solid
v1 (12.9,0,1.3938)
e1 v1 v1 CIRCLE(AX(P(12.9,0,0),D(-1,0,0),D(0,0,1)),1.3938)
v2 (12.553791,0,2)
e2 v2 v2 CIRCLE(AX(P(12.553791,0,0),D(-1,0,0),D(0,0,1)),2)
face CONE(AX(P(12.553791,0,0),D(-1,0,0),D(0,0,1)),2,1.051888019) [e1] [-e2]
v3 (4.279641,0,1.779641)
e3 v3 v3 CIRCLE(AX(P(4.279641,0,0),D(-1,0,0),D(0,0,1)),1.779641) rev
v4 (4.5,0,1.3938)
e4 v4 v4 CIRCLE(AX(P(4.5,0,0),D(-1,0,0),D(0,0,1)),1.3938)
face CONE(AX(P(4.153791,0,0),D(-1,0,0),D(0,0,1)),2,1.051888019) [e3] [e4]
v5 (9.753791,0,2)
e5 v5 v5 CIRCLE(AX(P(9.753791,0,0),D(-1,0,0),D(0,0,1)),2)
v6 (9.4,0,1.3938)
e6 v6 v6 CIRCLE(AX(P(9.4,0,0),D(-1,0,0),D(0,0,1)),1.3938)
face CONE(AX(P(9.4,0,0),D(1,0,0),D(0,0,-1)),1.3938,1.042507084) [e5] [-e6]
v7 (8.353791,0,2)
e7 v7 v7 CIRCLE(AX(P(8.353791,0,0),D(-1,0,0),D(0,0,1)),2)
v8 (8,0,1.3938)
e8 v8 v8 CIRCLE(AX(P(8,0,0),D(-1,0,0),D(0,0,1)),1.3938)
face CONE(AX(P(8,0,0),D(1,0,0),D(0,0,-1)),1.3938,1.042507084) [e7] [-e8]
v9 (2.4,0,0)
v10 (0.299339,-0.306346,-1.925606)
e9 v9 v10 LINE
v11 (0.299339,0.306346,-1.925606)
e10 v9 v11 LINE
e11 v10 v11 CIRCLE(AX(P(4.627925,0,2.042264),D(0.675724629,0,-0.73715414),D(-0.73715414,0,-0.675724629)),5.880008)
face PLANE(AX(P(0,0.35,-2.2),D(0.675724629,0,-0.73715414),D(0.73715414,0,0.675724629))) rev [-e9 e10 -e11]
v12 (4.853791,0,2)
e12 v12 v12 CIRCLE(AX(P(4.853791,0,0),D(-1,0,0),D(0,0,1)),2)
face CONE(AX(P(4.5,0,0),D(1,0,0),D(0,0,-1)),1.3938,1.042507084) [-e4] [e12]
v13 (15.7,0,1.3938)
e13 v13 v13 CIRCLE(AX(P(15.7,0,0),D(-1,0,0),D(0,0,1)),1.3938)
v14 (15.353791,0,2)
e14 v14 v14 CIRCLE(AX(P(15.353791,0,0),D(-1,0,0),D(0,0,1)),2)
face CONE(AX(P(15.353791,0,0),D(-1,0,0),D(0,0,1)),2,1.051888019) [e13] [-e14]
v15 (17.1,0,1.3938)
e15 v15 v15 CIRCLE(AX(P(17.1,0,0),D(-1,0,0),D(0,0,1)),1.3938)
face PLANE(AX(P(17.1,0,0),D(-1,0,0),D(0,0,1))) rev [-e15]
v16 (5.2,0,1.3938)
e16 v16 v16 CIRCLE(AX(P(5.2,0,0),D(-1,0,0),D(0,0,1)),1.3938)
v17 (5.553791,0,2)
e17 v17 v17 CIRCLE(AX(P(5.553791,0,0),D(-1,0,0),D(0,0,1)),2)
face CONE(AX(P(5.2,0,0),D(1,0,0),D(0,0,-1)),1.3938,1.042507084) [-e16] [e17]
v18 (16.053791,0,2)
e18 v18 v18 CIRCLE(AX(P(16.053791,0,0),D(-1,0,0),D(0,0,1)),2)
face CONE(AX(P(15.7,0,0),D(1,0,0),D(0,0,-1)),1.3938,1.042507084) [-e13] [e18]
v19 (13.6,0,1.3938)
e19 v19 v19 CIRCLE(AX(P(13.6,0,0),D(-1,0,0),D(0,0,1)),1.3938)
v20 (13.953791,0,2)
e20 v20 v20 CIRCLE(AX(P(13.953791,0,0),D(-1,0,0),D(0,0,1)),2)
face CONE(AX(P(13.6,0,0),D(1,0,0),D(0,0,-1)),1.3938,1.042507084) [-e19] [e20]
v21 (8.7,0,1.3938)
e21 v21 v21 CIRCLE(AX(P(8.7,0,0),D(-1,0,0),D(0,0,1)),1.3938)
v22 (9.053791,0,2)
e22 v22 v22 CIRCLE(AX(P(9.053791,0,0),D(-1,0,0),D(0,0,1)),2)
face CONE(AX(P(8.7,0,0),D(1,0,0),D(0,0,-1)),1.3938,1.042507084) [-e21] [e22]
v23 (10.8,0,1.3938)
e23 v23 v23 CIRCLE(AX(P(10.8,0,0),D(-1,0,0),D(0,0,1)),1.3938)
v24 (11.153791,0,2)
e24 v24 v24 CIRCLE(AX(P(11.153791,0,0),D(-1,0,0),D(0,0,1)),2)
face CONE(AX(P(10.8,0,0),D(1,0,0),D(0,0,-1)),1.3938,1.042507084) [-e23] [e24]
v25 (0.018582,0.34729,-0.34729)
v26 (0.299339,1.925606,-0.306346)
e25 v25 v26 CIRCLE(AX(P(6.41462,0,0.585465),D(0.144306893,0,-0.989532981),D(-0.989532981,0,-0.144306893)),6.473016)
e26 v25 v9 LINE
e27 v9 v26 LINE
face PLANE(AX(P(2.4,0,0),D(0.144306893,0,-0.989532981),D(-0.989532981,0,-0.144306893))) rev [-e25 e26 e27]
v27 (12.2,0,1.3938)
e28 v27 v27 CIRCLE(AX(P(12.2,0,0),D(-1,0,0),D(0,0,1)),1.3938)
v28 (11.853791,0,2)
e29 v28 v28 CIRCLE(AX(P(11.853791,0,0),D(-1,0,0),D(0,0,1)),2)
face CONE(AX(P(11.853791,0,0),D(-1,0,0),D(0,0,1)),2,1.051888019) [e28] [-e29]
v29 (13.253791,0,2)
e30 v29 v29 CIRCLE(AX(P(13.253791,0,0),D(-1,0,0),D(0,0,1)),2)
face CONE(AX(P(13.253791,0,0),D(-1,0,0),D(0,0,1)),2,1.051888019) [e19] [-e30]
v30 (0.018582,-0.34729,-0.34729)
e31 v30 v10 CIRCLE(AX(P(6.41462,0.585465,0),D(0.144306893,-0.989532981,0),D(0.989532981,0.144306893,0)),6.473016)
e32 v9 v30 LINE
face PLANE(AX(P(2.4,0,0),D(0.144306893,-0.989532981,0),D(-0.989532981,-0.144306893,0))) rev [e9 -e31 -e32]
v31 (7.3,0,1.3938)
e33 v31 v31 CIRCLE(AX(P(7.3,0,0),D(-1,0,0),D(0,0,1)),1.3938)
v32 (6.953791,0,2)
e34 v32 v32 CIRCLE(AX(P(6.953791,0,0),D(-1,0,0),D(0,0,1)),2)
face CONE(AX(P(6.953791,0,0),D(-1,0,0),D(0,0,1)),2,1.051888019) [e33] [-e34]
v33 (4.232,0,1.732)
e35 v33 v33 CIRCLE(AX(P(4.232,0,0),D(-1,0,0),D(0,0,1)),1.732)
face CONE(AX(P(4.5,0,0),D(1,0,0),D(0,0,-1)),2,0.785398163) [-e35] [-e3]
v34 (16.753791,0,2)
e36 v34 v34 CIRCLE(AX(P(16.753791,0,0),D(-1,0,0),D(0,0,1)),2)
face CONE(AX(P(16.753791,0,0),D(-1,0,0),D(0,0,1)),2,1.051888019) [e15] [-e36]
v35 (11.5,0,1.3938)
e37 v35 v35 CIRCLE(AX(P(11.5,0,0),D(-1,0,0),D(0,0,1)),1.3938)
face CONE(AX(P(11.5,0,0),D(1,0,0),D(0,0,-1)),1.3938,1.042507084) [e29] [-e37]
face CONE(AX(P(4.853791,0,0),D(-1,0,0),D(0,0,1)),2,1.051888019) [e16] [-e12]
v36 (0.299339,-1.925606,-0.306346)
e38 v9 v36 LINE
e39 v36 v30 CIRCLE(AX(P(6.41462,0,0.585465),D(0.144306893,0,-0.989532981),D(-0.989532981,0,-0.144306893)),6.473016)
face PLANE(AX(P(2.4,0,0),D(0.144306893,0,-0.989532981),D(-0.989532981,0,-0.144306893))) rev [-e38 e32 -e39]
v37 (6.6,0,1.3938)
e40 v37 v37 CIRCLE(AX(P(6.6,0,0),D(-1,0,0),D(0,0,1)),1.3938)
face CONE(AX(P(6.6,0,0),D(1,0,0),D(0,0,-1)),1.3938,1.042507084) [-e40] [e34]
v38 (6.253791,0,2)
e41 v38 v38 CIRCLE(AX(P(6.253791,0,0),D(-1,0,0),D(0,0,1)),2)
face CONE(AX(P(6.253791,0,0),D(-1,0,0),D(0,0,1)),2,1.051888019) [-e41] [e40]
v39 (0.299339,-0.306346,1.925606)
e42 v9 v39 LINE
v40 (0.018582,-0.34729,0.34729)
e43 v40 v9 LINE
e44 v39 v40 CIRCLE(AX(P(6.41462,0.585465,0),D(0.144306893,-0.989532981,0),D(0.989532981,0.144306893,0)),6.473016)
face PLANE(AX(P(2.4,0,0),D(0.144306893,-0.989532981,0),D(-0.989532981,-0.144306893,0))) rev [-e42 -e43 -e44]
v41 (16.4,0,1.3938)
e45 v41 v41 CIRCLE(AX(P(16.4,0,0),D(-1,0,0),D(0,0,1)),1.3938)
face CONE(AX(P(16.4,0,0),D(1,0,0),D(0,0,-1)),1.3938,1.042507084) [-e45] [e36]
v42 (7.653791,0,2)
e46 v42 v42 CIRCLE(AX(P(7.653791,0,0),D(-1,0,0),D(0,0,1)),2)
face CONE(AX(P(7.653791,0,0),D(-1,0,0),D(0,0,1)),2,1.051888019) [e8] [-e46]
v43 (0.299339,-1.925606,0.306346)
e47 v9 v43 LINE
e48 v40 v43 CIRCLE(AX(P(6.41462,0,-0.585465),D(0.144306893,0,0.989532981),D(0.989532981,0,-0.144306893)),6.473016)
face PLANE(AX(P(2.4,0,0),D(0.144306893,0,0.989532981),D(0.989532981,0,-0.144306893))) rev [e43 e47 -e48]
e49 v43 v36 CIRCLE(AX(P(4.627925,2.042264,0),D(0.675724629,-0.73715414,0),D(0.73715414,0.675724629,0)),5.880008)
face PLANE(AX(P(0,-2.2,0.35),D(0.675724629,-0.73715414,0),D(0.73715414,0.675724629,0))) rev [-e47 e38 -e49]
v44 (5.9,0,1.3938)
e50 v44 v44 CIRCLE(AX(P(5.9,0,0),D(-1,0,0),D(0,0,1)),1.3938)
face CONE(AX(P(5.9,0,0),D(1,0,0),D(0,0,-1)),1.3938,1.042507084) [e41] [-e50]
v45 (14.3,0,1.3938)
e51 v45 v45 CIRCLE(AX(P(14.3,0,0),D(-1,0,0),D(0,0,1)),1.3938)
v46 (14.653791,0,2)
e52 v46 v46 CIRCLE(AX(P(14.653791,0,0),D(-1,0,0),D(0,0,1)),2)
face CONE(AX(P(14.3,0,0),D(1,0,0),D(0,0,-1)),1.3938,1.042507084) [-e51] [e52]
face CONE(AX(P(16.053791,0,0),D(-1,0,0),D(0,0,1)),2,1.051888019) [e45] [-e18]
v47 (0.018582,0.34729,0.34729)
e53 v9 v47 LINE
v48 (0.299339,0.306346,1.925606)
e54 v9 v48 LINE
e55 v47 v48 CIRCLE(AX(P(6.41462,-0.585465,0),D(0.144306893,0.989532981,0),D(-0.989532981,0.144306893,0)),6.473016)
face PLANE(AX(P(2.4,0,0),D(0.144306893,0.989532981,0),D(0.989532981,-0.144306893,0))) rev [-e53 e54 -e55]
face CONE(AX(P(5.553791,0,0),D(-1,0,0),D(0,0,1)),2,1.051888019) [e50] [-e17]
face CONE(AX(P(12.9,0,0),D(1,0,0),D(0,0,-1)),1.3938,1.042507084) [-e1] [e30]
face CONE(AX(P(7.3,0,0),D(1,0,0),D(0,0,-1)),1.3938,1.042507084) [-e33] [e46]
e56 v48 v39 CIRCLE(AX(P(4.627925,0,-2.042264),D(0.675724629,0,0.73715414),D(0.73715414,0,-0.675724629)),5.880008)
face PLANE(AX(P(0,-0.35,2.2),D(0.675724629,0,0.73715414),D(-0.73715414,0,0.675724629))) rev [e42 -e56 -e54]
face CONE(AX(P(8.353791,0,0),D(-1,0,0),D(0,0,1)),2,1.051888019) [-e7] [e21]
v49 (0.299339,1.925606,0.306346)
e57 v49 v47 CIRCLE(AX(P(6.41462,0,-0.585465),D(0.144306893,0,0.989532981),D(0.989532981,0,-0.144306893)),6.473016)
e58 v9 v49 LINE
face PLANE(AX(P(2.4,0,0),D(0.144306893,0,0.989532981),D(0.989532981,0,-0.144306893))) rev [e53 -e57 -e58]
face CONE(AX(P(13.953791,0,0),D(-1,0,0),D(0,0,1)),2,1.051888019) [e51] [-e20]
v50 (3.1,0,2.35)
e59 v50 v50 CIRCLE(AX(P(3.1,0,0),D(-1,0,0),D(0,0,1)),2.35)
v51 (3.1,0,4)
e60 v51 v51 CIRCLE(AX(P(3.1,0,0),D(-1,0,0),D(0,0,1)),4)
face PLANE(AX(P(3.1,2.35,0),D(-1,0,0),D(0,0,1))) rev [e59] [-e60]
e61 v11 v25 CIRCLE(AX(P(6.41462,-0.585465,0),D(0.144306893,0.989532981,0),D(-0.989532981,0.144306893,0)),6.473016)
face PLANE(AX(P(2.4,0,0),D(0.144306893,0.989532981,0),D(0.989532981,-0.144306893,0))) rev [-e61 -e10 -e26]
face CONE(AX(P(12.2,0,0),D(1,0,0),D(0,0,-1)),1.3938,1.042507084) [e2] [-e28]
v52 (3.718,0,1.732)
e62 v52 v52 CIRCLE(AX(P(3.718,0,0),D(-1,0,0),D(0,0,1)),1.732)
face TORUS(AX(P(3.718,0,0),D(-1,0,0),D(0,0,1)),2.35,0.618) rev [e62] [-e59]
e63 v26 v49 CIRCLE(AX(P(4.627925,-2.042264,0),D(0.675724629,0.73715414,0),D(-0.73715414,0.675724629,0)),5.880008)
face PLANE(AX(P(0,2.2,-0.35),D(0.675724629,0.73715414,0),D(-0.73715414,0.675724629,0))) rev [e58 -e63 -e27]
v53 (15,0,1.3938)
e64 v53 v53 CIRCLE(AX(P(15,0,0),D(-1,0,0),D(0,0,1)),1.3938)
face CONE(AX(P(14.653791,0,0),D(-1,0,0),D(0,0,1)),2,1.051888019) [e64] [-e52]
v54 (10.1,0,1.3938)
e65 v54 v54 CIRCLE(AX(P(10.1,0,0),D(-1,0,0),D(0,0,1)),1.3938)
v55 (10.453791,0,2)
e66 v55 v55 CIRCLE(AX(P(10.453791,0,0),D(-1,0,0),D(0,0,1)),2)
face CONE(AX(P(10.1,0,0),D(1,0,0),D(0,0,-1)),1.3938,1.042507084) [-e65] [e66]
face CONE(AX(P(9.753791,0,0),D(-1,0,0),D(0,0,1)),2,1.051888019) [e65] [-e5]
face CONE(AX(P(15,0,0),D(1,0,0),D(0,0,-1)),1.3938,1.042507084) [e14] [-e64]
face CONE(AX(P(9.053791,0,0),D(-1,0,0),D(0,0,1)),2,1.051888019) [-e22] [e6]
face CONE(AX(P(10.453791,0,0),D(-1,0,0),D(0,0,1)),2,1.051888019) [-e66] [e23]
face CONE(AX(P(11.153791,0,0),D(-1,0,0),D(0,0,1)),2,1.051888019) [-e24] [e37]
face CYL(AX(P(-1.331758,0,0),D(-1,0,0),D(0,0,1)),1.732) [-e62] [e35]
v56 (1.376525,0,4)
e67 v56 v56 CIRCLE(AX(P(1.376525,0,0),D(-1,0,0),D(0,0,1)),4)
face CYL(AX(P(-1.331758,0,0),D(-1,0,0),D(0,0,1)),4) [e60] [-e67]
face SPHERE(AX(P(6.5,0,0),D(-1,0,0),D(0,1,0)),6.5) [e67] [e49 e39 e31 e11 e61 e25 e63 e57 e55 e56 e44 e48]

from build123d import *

# Parameters (mm, degrees)
PATTERN_LINEAR_1_COUNT = 19
PATTERN_LINEAR_1_PITCH = 0.7


with BuildPart() as part:
    # 草图2 → Revolve 709 (revolve)
    with BuildSketch(Plane.XY, mode=Mode.PRIVATE) as revolve_709_sk:
        with BuildLine():
            Line((0, 0), (17.1, 0))
            Line((17.1, 0), (17.1, 2))
            Line((17.1, 2), (4.5, 2))
            Line((4.5, 2), (4.232, 1.732))
            Line((4.232, 1.732), (3.718, 1.732))
            ThreePointArc((3.718, 1.732), (3.281008009, 1.913008009), (3.1, 2.35))
            Line((3.1, 2.35), (3.1, 4))
            Line((3.1, 4), (1.376524617, 4))
            ThreePointArc((1.376524617, 4), (0.353757652, 2.115113473), (0, 0))
        make_face()
    revolve(revolve_709_sk.sketch.rotate(Axis((-1.331757704, 0, 0), (1, 0, 0)), 90), axis=Axis((-1.331757704, 0, 0), (1, 0, 0)))

    # 草图3 → 切除-旋转1 (revolve, cut)
    with BuildSketch(Plane.XY, mode=Mode.PRIVATE) as cut_revolve_1_sk:
        Polygon((16.753791204, 2), (17.453791204, 2), (17.1, 1.3938), align=None)
    cut_revolve_1 = revolve(cut_revolve_1_sk.sketch.rotate(Axis((-0.242766179, 0, 0), (1, 0, 0)), 90), axis=Axis((-0.242766179, 0, 0), (1, 0, 0)), mode=Mode.SUBTRACT)

    # 阵列(线性)1: 切除-旋转1 ×19
    with Locations(*[(-i * PATTERN_LINEAR_1_PITCH, 0, 0) for i in range(1, PATTERN_LINEAR_1_COUNT)]):
        add(cut_revolve_1, mode=Mode.SUBTRACT)

    # 草图5 → 切除-放样1 section 0
    with BuildSketch(Plane(origin=(0, 0, 0), x_dir=(0, 0, -1), z_dir=(1, 0, 0)), mode=Mode.PRIVATE) as loft_1_s0:
        with BuildLine():
            Line((0.35, 2.2), (-0.35, 2.2))
            Line((-0.35, 2.2), (-0.35, -2.2))
            Line((-0.35, -2.2), (0.35, -2.2))
            Line((0.35, -2.2), (0.35, 2.2))
        make_face()
    loft_1 = loft([Vertex(2.4, 0, 0), loft_1_s0.sketch], mode=Mode.SUBTRACT)

    # 镜向1: 切除-放样1 across plane
    add(loft_1.mirror(Plane(origin=(0, 0, 0), x_dir=(0, 0.7071067811865462, 0.7071067811865488), z_dir=(0, -0.7071067811865488, 0.7071067811865462))), mode=Mode.SUBTRACT)


solid = part.part
